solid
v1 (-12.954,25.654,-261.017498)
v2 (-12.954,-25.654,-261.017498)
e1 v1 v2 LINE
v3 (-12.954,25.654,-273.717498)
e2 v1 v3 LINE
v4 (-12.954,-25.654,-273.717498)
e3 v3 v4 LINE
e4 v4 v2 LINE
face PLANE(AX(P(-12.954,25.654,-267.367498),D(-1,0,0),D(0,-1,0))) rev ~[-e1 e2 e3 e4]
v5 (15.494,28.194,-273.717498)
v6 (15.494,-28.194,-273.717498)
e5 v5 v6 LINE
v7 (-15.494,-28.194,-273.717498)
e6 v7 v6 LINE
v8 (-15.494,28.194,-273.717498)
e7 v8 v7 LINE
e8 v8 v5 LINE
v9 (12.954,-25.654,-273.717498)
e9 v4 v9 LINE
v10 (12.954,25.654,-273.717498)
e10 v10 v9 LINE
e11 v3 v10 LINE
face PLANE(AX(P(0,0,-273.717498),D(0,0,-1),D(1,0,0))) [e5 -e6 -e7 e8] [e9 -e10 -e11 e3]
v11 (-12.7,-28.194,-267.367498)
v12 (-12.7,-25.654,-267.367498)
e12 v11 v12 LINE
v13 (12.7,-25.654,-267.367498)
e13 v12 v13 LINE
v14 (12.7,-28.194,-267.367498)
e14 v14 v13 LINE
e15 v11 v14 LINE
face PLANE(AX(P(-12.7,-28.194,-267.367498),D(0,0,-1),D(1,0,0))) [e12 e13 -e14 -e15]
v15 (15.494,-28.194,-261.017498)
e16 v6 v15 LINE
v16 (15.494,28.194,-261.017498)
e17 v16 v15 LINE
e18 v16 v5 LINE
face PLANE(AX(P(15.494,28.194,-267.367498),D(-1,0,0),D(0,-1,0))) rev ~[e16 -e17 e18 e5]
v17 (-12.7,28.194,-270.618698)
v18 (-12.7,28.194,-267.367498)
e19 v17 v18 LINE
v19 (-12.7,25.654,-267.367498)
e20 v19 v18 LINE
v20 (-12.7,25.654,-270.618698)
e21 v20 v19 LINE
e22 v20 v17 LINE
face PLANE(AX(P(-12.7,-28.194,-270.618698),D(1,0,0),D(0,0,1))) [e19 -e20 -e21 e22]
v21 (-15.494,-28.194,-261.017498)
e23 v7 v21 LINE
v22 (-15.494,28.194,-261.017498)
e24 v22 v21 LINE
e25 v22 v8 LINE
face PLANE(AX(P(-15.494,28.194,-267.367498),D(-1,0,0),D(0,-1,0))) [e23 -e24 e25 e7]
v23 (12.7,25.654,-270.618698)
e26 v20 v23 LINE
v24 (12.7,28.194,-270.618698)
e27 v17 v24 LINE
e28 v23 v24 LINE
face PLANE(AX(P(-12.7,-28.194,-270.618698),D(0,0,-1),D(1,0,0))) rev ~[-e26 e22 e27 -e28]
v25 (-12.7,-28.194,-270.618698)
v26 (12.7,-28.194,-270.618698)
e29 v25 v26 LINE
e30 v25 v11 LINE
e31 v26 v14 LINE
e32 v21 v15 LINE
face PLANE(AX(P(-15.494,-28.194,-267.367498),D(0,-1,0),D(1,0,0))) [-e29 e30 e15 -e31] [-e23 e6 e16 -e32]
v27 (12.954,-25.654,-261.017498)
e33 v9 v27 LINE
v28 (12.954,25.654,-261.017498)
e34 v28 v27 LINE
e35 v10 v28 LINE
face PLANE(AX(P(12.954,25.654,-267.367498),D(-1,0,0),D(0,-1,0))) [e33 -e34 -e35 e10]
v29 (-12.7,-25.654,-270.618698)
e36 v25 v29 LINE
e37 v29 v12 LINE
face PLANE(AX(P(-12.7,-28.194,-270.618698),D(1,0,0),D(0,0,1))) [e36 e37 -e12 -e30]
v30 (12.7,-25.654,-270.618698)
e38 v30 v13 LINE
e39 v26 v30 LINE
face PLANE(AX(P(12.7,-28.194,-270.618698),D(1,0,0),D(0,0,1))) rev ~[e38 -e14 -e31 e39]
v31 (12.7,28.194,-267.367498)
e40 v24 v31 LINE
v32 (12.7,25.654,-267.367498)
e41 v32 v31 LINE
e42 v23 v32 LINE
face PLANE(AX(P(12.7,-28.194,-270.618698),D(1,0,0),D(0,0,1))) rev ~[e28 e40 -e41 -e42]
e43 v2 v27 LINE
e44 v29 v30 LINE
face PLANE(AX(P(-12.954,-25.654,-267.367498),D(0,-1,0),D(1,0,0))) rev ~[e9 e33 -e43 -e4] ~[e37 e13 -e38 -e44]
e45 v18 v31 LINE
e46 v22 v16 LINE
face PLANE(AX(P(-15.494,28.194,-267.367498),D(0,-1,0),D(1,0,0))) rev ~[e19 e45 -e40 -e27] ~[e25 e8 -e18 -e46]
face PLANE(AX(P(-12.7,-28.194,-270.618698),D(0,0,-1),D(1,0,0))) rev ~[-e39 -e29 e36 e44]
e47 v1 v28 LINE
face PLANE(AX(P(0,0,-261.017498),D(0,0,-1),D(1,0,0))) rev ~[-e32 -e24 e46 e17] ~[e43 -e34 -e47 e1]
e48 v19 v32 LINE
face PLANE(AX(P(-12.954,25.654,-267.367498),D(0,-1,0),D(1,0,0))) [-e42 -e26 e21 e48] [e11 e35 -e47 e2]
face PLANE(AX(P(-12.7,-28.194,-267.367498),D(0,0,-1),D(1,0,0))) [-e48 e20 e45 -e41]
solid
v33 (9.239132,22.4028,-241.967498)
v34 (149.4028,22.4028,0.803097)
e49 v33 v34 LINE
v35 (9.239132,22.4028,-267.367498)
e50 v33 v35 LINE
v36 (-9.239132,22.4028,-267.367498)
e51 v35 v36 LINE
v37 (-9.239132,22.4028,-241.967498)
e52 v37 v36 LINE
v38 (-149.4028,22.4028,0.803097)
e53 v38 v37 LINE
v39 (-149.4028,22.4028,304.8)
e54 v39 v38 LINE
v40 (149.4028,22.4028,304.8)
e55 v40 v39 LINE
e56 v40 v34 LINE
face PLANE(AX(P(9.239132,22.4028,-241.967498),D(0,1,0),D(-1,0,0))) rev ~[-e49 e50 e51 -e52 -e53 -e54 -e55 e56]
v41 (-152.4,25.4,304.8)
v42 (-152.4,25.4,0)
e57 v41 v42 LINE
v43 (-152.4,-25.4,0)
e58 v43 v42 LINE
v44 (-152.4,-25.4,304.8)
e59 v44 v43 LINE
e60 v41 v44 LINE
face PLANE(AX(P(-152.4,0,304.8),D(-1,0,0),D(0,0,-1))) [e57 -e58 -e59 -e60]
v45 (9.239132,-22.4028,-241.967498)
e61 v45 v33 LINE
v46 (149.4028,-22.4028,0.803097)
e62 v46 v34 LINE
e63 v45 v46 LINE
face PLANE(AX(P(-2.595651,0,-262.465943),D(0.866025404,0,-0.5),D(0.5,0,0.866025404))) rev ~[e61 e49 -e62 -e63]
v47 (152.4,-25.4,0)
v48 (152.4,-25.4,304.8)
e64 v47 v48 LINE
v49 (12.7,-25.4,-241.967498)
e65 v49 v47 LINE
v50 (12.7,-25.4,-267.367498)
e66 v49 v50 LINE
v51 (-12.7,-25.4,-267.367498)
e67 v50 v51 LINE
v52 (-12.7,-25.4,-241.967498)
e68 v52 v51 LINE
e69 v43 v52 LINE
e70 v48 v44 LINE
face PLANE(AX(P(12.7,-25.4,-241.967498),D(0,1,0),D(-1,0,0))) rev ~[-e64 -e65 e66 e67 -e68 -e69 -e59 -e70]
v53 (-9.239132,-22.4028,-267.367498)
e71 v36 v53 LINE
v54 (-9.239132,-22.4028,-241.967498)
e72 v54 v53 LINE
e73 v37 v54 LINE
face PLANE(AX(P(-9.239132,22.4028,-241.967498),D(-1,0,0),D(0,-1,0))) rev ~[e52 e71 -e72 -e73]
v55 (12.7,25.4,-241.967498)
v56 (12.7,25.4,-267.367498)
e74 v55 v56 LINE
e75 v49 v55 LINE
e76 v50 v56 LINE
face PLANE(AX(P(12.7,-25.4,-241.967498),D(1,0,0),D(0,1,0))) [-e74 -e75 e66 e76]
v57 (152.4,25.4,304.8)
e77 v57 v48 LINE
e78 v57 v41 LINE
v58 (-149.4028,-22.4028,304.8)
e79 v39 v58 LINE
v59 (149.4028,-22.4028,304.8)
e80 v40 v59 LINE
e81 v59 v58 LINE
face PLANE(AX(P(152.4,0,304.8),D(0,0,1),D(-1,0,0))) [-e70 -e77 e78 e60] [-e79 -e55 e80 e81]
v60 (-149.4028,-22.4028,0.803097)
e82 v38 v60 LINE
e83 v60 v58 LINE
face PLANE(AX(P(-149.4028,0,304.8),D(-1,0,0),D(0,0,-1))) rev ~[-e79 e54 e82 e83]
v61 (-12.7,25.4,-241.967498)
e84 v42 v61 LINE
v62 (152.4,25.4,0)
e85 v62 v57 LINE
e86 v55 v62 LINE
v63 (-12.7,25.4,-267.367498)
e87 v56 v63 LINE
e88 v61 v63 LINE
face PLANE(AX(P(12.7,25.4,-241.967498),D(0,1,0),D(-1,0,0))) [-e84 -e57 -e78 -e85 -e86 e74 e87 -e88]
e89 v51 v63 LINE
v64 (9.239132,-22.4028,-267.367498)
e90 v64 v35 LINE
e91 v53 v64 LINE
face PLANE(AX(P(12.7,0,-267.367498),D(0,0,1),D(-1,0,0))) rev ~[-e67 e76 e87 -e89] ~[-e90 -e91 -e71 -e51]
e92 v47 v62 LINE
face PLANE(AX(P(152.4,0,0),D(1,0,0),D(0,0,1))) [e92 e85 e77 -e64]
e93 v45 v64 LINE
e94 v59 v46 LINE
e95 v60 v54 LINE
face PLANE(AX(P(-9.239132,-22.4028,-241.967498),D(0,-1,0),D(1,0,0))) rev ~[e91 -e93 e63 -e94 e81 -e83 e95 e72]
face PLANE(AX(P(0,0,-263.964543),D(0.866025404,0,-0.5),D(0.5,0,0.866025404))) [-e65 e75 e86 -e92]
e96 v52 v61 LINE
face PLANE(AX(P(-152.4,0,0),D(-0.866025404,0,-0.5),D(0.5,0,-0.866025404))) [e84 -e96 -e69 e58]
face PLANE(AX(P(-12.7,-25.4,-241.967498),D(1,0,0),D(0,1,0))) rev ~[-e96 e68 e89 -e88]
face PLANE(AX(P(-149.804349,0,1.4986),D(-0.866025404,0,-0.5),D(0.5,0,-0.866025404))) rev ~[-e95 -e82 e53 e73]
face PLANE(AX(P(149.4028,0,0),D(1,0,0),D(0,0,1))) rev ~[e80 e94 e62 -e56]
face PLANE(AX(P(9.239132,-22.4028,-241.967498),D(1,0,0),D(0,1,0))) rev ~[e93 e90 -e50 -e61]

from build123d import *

# Parameters (mm, degrees)
F1_DEPTH      = 25.4
F1_DEPTH_BACK = 25.4
F2_T          = -2.9972
F3_DEPTH      = 25.4
F3_DEPTH_BACK = 25.4
F4_DEPTH      = 25.4
F5_W          = 30.988
F5_H          = 56.388
F5_W_2        = 25.908
F5_H_2        = 51.308
F6_DEPTH      = 6.35
F6_DEPTH_BACK = 6.35
F7_W          = 25.4
F7_H          = 3.2512
F8_DEPTH      = 76.2


with BuildPart() as f1:
    # F0 (on Front) → F1 (new body, two sides)
    with BuildSketch(Plane.XZ) as f1_sk:
        Polygon((12.7, -241.9674978174), (152.4, 0), (152.4, 304.8), (-152.4, 304.8), (-152.4, 0), (-12.7, -241.9674978174), align=None)
        Polygon((0, -263.9645430735), (12.7, -241.9674978174), (-12.7, -241.9674978174), align=None)
    extrude(amount=F1_DEPTH)
    extrude(f1_sk.sketch, amount=-F1_DEPTH_BACK)

    # F2
    f2_openings = [f1.faces().sort_by_distance(p)[0] for p in [
        (0, 0, 304.8),
    ]]
    offset(amount=F2_T, openings=f2_openings)

    # F0 (on Front) → F3 (cut, two sides)
    with BuildSketch(Plane.XZ) as f3_sk:
        Polygon((0, -263.9645430735), (12.7, -241.9674978174), (-12.7, -241.9674978174), align=None)
    extrude(amount=-F3_DEPTH, mode=Mode.SUBTRACT)
    extrude(f3_sk.sketch, amount=F3_DEPTH_BACK, mode=Mode.SUBTRACT)

    # F4 (add): a face of the model
    f4_faces = [f1.faces().sort_by_distance(p)[0] for p in [
        (12.1320387337, 0, -241.9674978174),
    ]]
    extrude(f4_faces, amount=F4_DEPTH)


with BuildPart() as f6:
    # F5 (on face) → F6 (new body, two sides)
    with BuildSketch(Plane(origin=(0, 0, -267.3674978174), x_dir=(1, 0, 0), z_dir=(0, 0, -1))) as f6_sk:
        Rectangle(F5_W, F5_H)
        Rectangle(F5_W_2, F5_H_2, mode=Mode.SUBTRACT)
    extrude(amount=-F6_DEPTH)
    extrude(f6_sk.sketch, amount=F6_DEPTH_BACK)

    # F7 (on face) → F8 (cut)
    with BuildSketch(Plane.XZ.offset(28.194)):
        with Locations((0, -268.9930978174)):
            Rectangle(F7_W, F7_H)
    extrude(amount=-F8_DEPTH, mode=Mode.SUBTRACT)


solid = Compound([f1.part, f6.part])
